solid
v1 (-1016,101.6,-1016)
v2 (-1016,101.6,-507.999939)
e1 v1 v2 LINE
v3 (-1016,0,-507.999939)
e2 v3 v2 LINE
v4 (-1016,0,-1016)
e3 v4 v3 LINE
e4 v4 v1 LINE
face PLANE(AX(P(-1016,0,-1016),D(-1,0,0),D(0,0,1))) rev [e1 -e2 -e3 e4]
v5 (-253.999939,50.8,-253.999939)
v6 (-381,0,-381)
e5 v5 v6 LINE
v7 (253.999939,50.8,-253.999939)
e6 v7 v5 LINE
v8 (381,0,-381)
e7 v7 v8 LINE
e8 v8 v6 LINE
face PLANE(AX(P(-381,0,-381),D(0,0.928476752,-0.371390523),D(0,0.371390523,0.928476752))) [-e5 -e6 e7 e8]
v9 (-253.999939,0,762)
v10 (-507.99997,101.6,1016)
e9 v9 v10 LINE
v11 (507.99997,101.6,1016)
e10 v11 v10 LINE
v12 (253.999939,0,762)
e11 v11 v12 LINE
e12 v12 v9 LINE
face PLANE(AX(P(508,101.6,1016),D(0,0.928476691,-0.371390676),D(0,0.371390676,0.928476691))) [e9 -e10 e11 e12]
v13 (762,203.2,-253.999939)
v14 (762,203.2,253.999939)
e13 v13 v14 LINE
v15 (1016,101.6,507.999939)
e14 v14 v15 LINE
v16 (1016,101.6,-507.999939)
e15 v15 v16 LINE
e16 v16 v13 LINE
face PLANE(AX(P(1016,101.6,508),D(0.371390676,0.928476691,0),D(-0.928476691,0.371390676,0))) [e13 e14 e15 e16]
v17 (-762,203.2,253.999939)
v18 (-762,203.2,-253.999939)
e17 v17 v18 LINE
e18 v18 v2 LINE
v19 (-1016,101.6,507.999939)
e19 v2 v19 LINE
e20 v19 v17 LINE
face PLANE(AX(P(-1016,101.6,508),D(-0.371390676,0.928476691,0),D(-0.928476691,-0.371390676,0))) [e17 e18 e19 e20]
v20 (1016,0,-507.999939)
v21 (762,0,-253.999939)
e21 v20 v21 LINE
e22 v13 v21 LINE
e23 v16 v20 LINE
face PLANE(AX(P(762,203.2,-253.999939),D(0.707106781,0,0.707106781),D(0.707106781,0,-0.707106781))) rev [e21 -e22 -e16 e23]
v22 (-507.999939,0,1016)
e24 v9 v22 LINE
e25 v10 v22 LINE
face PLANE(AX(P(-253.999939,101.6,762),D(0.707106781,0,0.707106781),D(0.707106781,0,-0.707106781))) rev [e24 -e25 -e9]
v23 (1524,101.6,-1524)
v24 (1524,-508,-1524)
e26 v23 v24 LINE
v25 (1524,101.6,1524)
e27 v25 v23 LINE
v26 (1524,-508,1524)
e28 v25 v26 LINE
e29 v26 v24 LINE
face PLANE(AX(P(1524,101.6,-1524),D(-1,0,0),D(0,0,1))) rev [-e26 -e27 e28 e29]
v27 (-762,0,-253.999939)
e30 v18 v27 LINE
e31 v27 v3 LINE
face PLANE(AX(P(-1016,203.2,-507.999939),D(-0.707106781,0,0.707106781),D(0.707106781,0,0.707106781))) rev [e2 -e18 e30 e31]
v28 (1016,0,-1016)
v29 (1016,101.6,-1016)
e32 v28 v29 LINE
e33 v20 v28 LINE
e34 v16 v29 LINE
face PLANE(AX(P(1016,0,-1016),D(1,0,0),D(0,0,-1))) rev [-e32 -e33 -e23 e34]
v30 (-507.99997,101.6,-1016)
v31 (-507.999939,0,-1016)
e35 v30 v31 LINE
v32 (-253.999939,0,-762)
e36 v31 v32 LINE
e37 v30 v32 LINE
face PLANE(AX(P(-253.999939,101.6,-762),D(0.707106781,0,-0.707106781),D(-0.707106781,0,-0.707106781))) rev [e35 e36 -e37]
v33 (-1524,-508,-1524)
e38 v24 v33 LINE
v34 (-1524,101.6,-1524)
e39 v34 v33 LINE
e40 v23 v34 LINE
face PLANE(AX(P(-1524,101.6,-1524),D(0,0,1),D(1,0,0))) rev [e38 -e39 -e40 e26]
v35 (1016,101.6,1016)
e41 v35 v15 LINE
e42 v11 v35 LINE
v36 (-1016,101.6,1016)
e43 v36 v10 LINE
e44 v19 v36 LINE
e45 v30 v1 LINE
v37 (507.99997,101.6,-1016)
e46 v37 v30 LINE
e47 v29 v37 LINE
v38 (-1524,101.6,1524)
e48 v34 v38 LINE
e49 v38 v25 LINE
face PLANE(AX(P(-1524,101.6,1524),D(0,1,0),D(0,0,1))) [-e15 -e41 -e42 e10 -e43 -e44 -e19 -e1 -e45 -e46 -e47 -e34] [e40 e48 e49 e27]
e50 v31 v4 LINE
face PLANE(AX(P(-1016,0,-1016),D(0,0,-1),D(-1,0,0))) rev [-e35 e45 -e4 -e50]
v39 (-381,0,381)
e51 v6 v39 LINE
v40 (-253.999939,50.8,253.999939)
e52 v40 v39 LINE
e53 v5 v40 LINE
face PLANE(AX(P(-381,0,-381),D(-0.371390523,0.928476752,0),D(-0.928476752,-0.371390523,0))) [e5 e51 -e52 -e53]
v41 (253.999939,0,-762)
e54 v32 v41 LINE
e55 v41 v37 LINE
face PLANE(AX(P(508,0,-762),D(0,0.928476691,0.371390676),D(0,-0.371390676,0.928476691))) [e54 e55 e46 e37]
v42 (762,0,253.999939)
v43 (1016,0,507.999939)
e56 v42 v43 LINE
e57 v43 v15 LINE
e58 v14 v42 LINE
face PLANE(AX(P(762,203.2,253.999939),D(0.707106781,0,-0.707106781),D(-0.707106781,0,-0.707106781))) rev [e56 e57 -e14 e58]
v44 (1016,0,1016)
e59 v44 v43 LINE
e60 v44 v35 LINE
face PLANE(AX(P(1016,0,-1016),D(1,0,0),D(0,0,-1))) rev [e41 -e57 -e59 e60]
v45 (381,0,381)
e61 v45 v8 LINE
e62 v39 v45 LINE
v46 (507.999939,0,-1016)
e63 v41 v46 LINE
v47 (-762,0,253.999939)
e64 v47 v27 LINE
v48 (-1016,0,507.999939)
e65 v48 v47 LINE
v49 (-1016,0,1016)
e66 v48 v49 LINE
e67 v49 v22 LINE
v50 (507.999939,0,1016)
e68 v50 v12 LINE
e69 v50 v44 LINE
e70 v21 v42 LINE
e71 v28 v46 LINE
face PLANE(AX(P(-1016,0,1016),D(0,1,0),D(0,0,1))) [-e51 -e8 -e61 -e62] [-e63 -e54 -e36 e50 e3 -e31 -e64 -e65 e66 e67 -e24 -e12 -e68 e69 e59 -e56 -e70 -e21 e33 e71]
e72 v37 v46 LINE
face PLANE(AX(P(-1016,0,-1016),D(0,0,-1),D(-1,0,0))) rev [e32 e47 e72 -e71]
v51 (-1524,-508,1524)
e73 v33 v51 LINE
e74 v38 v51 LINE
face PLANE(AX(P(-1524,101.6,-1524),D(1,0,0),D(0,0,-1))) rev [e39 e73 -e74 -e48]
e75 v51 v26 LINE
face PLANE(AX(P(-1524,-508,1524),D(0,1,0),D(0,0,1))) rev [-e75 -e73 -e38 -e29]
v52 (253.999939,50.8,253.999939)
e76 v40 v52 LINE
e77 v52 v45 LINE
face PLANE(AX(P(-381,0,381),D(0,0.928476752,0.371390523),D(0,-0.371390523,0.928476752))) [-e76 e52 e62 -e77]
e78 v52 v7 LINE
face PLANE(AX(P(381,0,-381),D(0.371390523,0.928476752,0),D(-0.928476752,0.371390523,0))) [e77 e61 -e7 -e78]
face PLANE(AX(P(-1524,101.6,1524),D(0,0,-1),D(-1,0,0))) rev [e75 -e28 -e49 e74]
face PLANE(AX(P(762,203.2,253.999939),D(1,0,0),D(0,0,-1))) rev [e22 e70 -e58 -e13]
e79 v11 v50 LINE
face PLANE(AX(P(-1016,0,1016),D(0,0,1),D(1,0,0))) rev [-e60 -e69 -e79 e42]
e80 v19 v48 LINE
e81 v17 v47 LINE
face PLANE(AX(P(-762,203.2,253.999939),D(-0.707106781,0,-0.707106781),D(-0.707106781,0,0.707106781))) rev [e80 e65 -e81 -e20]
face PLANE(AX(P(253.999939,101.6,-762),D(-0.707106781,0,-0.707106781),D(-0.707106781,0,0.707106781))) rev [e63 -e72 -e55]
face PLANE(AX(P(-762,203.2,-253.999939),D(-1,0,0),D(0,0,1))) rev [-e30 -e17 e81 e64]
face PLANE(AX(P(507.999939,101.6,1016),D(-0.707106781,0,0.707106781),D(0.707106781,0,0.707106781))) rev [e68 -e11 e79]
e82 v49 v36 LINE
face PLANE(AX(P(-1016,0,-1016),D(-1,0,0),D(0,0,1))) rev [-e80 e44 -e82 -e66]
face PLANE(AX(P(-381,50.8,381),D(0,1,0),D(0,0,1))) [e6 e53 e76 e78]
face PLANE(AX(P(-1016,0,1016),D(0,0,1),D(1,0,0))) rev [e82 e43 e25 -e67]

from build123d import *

# Parameters (mm, degrees)
EXTRUDE1_DEPTH       = 101.6
EXTRUDE1_DEPTH_BACK  = 508
SKETCH1_W            = 3048
SKETCH1_H            = 3048
SKETCH2_W            = 2032
SKETCH2_H            = 2032
EXTRUDE2_DEPTH       = 101.6
SKETCH3_W            = 762
SKETCH3_H            = 762
EXTRUDE3_DEPTH       = 50.8
EXTRUDE3_TAPER       = 68.1986
EXTRUDE6_DEPTH       = 101.6
EXTRUDE7_DEPTH       = 508
EXTRUDE7_DEPTH_BACK  = 508
EXTRUDE8_DEPTH       = 203.2
EXTRUDE12_DEPTH      = 508
EXTRUDE12_DEPTH_BACK = 508


with BuildPart() as part:
    # Sketch1 → Extrude1 (new, two sides: drawn at the far end of the back side and taken through both)
    with BuildSketch(Plane(origin=(0, 0, 0), x_dir=(1, 0, 0), z_dir=(0, 1, 0)).offset(-EXTRUDE1_DEPTH_BACK)):
        Rectangle(SKETCH1_W, SKETCH1_H)
    extrude(amount=EXTRUDE1_DEPTH + EXTRUDE1_DEPTH_BACK)

    # Sketch2 → Extrude2 (cut)
    with BuildSketch(Plane(origin=(0, 101.6, 0), x_dir=(1, 0, 0), z_dir=(0, 1, 0))):
        Rectangle(SKETCH2_W, SKETCH2_H)
    extrude(amount=-EXTRUDE2_DEPTH, mode=Mode.SUBTRACT)

    # Sketch3 → Extrude3 (add)
    with BuildSketch(Plane(origin=(0, 0, 0), x_dir=(1, 0, 0), z_dir=(0, 1, 0))):
        Rectangle(SKETCH3_W, SKETCH3_H)
    extrude(amount=EXTRUDE3_DEPTH, taper=EXTRUDE3_TAPER)

    # Sketch4 → Extrude6 (add)
    with BuildSketch(Plane(origin=(0, 0, 0), x_dir=(1, 0, 0), z_dir=(0, 1, 0))):
        Polygon((-253.999939021, 762), (-507.999939021, 1016), (507.999939021, 1016), (253.999939021, 762), align=None)
        Polygon((-253.999939021, -762), (253.999939021, -762), (507.999939021, -1016), (-507.999939021, -1016), align=None)
    extrude(amount=EXTRUDE6_DEPTH)

    # Sketch6 → Extrude7 (cut, two sides: drawn at the far end of the back side and taken through both)
    with BuildSketch(Plane(origin=(0, 0, 0), x_dir=(0, 0, -1), z_dir=(1, 0, 0)).offset(-EXTRUDE7_DEPTH_BACK)):
        Polygon((762, 101.6), (762, 0), (1016, 101.6), align=None)
        Polygon((-1016, 101.6), (-762, 0), (-762, 101.6), align=None)
    extrude(amount=EXTRUDE7_DEPTH + EXTRUDE7_DEPTH_BACK, mode=Mode.SUBTRACT)

    # Sketch8 → Extrude8 (add)
    with BuildSketch(Plane(origin=(0, 0, 0), x_dir=(1, 0, 0), z_dir=(0, 1, 0))):
        Polygon((762, 253.999939021), (1016, 507.999939021), (1016, -507.999939021), (762, -253.999939021), align=None)
        Polygon((-762, 253.999939021), (-762, -253.999939021), (-1016, -507.999939021), (-1016, 507.999939021), align=None)
    extrude(amount=EXTRUDE8_DEPTH)

    # Sketch10 → Extrude12 (cut, two sides: drawn at the far end of the back side and taken through both)
    with BuildSketch(Plane.XY.offset(-EXTRUDE12_DEPTH_BACK)):
        Polygon((-1016, 203.2), (-1016, 101.6), (-762, 203.2), align=None)
        Polygon((1016, 203.2), (1016, 101.6), (762, 203.2), align=None)
    extrude(amount=EXTRUDE12_DEPTH + EXTRUDE12_DEPTH_BACK, mode=Mode.SUBTRACT)


solid = part.part
